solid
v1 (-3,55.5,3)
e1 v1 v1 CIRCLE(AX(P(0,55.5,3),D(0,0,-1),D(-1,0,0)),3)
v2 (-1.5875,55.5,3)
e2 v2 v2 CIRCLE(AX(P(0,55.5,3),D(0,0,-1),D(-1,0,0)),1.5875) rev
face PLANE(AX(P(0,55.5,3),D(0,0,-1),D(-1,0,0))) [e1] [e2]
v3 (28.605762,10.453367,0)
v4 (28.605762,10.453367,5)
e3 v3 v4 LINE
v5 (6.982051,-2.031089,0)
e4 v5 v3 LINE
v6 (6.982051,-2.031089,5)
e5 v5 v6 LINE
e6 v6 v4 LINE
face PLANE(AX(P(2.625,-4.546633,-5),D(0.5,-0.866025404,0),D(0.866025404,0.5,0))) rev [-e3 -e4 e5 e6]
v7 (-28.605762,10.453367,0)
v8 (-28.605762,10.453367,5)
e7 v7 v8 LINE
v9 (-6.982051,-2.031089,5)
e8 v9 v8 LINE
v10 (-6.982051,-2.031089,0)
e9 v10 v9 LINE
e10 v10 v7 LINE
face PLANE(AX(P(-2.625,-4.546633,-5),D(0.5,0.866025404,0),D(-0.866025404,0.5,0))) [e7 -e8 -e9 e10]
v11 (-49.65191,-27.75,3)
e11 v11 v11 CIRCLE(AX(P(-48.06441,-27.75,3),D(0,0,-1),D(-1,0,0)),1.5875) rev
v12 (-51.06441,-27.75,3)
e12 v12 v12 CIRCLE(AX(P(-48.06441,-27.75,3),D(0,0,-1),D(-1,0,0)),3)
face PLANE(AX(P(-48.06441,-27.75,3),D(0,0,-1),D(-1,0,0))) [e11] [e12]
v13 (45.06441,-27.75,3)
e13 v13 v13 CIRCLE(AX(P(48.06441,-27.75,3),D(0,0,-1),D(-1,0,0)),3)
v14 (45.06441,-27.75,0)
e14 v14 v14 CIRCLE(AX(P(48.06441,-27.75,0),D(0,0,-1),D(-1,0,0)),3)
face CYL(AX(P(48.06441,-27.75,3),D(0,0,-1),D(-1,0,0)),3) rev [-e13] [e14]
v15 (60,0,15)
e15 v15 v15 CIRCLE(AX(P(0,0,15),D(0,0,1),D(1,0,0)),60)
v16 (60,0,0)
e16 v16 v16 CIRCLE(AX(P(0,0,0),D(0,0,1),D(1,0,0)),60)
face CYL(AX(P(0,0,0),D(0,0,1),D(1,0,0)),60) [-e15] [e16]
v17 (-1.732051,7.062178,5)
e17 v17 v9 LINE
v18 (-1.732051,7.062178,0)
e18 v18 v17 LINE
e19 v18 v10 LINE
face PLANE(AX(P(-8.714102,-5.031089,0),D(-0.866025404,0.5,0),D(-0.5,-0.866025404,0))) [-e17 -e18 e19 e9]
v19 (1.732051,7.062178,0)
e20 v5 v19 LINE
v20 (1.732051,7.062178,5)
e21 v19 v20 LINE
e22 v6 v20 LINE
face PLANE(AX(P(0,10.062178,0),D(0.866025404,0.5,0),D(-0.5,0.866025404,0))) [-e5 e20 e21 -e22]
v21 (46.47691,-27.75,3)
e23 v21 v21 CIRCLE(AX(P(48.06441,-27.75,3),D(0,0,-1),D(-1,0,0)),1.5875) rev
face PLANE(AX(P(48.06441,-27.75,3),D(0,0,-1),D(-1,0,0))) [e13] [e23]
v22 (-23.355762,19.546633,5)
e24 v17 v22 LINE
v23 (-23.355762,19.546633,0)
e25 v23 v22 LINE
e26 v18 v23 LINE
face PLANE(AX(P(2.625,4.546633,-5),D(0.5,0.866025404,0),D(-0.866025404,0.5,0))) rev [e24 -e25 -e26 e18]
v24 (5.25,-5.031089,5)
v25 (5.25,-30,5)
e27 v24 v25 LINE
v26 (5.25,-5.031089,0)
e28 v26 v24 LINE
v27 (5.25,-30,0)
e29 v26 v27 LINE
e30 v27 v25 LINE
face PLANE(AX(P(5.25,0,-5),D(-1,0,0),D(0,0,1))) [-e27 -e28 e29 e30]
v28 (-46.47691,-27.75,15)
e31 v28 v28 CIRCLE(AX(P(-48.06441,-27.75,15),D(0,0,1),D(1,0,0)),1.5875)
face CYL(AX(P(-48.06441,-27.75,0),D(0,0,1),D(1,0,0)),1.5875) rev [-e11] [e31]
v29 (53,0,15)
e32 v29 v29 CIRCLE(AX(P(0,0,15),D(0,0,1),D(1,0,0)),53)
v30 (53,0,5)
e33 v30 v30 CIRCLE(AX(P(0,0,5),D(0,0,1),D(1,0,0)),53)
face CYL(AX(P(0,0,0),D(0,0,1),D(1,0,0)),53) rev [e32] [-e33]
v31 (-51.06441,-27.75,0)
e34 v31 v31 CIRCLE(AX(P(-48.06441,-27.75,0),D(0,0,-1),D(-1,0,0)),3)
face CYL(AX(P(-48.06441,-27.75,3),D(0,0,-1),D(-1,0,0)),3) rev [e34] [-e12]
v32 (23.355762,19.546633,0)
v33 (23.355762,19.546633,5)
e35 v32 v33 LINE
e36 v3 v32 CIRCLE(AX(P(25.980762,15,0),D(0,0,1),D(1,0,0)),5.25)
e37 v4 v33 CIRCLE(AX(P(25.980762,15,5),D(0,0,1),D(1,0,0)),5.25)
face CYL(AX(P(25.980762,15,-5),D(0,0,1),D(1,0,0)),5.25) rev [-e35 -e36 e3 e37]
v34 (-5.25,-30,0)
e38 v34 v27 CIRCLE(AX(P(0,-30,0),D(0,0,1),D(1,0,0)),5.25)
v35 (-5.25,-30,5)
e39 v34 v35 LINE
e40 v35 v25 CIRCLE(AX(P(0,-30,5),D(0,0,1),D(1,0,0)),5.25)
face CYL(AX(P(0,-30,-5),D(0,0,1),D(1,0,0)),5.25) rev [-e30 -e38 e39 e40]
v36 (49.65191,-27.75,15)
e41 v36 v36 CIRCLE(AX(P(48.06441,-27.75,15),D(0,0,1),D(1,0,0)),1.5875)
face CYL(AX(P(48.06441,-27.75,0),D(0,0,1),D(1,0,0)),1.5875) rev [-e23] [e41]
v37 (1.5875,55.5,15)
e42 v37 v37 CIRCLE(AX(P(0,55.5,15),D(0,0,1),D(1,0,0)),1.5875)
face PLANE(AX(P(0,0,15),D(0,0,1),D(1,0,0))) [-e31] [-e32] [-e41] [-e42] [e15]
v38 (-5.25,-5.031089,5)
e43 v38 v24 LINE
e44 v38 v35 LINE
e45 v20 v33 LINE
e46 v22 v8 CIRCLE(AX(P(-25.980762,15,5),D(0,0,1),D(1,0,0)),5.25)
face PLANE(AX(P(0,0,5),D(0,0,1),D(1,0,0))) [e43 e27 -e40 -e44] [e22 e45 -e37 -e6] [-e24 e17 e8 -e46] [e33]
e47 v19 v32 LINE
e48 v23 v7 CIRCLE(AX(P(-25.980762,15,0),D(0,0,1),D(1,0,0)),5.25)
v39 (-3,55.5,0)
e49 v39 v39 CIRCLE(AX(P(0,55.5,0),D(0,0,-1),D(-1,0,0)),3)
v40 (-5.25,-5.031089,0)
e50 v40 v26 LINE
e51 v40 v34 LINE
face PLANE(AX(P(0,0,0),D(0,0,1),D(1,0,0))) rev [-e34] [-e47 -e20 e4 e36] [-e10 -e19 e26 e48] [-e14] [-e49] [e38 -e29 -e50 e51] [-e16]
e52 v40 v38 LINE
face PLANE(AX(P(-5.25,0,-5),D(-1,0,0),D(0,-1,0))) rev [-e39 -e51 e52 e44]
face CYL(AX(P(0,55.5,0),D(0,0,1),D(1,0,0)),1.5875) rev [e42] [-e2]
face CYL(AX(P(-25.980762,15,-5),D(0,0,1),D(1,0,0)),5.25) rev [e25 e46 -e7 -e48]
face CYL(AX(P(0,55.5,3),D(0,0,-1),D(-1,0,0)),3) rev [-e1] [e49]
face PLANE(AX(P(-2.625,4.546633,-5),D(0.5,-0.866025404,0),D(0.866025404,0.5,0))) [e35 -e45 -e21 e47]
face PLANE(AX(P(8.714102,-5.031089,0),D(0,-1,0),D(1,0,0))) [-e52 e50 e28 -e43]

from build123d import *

# Parameters (mm, degrees)
CROQUIS1_R                   = 55
DISCO_DEPTH                  = 5
CORTAR_EXTRUIR1_DEPTH        = 10
SALIENTE_EXTRUIR1_DEPTH      = 10
SALIENTE_EXTRUIR1_DEPTH_BACK = 5
CROQUIS7_R                   = 60
CROQUIS7_R_2                 = 55
CROQUIS7_R_3                 = 53
SALIENTE_EXTRUIR6_DEPTH      = 5
CROQUIS9_R                   = 1.5875
CORTAR_EXTRUIR2_DEPTH        = 87.168439698
CROQUIS10_R                  = 3
CORTAR_EXTRUIR3_DEPTH        = 3


with BuildPart() as part:
    # Croquis1 → Disco (new body)
    with BuildSketch(Plane.XY):
        Circle(CROQUIS1_R)
    extrude(amount=DISCO_DEPTH)

    # Croquis6 → Cortar-Extruir1 (cut)
    with BuildSketch(Plane.XY.offset(5)):
        with BuildLine():
            Line((-5.25, 0), (-5.25, -30))
            ThreePointArc((-5.25, -30), (0, -35.25), (5.25, -30))
            Line((5.25, -30), (5.25, 0))
            ThreePointArc((5.25, 0), (0, 5.25), (-5.25, 0))
        make_face()
        with BuildLine():
            Line((2.625, 4.54663337), (-23.355762114, 19.54663337))
            ThreePointArc((-23.355762114, 19.54663337), (-30.527395483, 17.625), (-28.605762114, 10.45336663))
            Line((-28.605762114, 10.45336663), (-2.625, -4.54663337))
            ThreePointArc((-2.625, -4.54663337), (4.54663337, -2.625), (2.625, 4.54663337))
        make_face()
        with BuildLine():
            Line((2.625, -4.54663337), (28.605762114, 10.45336663))
            ThreePointArc((28.605762114, 10.45336663), (30.527395483, 17.625), (23.355762114, 19.54663337))
            Line((23.355762114, 19.54663337), (-2.625, 4.54663337))
            ThreePointArc((-2.625, 4.54663337), (-4.54663337, -2.625), (2.625, -4.54663337))
        make_face()
    extrude(amount=-CORTAR_EXTRUIR1_DEPTH, mode=Mode.SUBTRACT)

    # Croquis7 → Saliente-Extruir1 (add, two sides: drawn at the far end of the back side and taken through both)
    # profile 1 of 2: a face of its own
    with BuildSketch(Plane.XY.offset(5).offset(-SALIENTE_EXTRUIR1_DEPTH_BACK)):
        Circle(CROQUIS7_R)
        Circle(CROQUIS7_R_2, mode=Mode.SUBTRACT)
    # profile 2 of 2: a face of its own
    with BuildSketch(Plane.XY.offset(5).offset(-SALIENTE_EXTRUIR1_DEPTH_BACK)):
        Circle(CROQUIS7_R_2)
        Circle(CROQUIS7_R_3, mode=Mode.SUBTRACT)
    extrude(amount=SALIENTE_EXTRUIR1_DEPTH + SALIENTE_EXTRUIR1_DEPTH_BACK)

    # Croquis8 → Saliente-Extruir6 (add)
    with BuildSketch(Plane.XY.offset(5)):
        Polygon((-8.714101615, -5.031088913), (0, 10.062177826), (8.714101615, -5.031088913), align=None)
    extrude(amount=-SALIENTE_EXTRUIR6_DEPTH)

    # Croquis9 → Cortar-Extruir2 (cut, through all)
    with BuildSketch(Plane.XY.offset(15)):
        with Locations((0, 55.5)):
            Circle(CROQUIS9_R)
        with Locations((48.06440991, -27.75)):
            Circle(CROQUIS9_R)
        with Locations((-48.06440991, -27.75)):
            Circle(CROQUIS9_R)
    extrude(amount=-CORTAR_EXTRUIR2_DEPTH, mode=Mode.SUBTRACT)

    # Croquis10 → Cortar-Extruir3 (cut)
    with BuildSketch(Plane(origin=(0, 0, 0), x_dir=(-1, 0, 0), z_dir=(0, 0, -1))):
        with Locations((0, 55.5)):
            Circle(CROQUIS10_R)
        with Locations((48.06440991, -27.75)):
            Circle(CROQUIS10_R)
        with Locations((-48.06440991, -27.75)):
            Circle(CROQUIS10_R)
    extrude(amount=-CORTAR_EXTRUIR3_DEPTH, mode=Mode.SUBTRACT)


solid = part.part
